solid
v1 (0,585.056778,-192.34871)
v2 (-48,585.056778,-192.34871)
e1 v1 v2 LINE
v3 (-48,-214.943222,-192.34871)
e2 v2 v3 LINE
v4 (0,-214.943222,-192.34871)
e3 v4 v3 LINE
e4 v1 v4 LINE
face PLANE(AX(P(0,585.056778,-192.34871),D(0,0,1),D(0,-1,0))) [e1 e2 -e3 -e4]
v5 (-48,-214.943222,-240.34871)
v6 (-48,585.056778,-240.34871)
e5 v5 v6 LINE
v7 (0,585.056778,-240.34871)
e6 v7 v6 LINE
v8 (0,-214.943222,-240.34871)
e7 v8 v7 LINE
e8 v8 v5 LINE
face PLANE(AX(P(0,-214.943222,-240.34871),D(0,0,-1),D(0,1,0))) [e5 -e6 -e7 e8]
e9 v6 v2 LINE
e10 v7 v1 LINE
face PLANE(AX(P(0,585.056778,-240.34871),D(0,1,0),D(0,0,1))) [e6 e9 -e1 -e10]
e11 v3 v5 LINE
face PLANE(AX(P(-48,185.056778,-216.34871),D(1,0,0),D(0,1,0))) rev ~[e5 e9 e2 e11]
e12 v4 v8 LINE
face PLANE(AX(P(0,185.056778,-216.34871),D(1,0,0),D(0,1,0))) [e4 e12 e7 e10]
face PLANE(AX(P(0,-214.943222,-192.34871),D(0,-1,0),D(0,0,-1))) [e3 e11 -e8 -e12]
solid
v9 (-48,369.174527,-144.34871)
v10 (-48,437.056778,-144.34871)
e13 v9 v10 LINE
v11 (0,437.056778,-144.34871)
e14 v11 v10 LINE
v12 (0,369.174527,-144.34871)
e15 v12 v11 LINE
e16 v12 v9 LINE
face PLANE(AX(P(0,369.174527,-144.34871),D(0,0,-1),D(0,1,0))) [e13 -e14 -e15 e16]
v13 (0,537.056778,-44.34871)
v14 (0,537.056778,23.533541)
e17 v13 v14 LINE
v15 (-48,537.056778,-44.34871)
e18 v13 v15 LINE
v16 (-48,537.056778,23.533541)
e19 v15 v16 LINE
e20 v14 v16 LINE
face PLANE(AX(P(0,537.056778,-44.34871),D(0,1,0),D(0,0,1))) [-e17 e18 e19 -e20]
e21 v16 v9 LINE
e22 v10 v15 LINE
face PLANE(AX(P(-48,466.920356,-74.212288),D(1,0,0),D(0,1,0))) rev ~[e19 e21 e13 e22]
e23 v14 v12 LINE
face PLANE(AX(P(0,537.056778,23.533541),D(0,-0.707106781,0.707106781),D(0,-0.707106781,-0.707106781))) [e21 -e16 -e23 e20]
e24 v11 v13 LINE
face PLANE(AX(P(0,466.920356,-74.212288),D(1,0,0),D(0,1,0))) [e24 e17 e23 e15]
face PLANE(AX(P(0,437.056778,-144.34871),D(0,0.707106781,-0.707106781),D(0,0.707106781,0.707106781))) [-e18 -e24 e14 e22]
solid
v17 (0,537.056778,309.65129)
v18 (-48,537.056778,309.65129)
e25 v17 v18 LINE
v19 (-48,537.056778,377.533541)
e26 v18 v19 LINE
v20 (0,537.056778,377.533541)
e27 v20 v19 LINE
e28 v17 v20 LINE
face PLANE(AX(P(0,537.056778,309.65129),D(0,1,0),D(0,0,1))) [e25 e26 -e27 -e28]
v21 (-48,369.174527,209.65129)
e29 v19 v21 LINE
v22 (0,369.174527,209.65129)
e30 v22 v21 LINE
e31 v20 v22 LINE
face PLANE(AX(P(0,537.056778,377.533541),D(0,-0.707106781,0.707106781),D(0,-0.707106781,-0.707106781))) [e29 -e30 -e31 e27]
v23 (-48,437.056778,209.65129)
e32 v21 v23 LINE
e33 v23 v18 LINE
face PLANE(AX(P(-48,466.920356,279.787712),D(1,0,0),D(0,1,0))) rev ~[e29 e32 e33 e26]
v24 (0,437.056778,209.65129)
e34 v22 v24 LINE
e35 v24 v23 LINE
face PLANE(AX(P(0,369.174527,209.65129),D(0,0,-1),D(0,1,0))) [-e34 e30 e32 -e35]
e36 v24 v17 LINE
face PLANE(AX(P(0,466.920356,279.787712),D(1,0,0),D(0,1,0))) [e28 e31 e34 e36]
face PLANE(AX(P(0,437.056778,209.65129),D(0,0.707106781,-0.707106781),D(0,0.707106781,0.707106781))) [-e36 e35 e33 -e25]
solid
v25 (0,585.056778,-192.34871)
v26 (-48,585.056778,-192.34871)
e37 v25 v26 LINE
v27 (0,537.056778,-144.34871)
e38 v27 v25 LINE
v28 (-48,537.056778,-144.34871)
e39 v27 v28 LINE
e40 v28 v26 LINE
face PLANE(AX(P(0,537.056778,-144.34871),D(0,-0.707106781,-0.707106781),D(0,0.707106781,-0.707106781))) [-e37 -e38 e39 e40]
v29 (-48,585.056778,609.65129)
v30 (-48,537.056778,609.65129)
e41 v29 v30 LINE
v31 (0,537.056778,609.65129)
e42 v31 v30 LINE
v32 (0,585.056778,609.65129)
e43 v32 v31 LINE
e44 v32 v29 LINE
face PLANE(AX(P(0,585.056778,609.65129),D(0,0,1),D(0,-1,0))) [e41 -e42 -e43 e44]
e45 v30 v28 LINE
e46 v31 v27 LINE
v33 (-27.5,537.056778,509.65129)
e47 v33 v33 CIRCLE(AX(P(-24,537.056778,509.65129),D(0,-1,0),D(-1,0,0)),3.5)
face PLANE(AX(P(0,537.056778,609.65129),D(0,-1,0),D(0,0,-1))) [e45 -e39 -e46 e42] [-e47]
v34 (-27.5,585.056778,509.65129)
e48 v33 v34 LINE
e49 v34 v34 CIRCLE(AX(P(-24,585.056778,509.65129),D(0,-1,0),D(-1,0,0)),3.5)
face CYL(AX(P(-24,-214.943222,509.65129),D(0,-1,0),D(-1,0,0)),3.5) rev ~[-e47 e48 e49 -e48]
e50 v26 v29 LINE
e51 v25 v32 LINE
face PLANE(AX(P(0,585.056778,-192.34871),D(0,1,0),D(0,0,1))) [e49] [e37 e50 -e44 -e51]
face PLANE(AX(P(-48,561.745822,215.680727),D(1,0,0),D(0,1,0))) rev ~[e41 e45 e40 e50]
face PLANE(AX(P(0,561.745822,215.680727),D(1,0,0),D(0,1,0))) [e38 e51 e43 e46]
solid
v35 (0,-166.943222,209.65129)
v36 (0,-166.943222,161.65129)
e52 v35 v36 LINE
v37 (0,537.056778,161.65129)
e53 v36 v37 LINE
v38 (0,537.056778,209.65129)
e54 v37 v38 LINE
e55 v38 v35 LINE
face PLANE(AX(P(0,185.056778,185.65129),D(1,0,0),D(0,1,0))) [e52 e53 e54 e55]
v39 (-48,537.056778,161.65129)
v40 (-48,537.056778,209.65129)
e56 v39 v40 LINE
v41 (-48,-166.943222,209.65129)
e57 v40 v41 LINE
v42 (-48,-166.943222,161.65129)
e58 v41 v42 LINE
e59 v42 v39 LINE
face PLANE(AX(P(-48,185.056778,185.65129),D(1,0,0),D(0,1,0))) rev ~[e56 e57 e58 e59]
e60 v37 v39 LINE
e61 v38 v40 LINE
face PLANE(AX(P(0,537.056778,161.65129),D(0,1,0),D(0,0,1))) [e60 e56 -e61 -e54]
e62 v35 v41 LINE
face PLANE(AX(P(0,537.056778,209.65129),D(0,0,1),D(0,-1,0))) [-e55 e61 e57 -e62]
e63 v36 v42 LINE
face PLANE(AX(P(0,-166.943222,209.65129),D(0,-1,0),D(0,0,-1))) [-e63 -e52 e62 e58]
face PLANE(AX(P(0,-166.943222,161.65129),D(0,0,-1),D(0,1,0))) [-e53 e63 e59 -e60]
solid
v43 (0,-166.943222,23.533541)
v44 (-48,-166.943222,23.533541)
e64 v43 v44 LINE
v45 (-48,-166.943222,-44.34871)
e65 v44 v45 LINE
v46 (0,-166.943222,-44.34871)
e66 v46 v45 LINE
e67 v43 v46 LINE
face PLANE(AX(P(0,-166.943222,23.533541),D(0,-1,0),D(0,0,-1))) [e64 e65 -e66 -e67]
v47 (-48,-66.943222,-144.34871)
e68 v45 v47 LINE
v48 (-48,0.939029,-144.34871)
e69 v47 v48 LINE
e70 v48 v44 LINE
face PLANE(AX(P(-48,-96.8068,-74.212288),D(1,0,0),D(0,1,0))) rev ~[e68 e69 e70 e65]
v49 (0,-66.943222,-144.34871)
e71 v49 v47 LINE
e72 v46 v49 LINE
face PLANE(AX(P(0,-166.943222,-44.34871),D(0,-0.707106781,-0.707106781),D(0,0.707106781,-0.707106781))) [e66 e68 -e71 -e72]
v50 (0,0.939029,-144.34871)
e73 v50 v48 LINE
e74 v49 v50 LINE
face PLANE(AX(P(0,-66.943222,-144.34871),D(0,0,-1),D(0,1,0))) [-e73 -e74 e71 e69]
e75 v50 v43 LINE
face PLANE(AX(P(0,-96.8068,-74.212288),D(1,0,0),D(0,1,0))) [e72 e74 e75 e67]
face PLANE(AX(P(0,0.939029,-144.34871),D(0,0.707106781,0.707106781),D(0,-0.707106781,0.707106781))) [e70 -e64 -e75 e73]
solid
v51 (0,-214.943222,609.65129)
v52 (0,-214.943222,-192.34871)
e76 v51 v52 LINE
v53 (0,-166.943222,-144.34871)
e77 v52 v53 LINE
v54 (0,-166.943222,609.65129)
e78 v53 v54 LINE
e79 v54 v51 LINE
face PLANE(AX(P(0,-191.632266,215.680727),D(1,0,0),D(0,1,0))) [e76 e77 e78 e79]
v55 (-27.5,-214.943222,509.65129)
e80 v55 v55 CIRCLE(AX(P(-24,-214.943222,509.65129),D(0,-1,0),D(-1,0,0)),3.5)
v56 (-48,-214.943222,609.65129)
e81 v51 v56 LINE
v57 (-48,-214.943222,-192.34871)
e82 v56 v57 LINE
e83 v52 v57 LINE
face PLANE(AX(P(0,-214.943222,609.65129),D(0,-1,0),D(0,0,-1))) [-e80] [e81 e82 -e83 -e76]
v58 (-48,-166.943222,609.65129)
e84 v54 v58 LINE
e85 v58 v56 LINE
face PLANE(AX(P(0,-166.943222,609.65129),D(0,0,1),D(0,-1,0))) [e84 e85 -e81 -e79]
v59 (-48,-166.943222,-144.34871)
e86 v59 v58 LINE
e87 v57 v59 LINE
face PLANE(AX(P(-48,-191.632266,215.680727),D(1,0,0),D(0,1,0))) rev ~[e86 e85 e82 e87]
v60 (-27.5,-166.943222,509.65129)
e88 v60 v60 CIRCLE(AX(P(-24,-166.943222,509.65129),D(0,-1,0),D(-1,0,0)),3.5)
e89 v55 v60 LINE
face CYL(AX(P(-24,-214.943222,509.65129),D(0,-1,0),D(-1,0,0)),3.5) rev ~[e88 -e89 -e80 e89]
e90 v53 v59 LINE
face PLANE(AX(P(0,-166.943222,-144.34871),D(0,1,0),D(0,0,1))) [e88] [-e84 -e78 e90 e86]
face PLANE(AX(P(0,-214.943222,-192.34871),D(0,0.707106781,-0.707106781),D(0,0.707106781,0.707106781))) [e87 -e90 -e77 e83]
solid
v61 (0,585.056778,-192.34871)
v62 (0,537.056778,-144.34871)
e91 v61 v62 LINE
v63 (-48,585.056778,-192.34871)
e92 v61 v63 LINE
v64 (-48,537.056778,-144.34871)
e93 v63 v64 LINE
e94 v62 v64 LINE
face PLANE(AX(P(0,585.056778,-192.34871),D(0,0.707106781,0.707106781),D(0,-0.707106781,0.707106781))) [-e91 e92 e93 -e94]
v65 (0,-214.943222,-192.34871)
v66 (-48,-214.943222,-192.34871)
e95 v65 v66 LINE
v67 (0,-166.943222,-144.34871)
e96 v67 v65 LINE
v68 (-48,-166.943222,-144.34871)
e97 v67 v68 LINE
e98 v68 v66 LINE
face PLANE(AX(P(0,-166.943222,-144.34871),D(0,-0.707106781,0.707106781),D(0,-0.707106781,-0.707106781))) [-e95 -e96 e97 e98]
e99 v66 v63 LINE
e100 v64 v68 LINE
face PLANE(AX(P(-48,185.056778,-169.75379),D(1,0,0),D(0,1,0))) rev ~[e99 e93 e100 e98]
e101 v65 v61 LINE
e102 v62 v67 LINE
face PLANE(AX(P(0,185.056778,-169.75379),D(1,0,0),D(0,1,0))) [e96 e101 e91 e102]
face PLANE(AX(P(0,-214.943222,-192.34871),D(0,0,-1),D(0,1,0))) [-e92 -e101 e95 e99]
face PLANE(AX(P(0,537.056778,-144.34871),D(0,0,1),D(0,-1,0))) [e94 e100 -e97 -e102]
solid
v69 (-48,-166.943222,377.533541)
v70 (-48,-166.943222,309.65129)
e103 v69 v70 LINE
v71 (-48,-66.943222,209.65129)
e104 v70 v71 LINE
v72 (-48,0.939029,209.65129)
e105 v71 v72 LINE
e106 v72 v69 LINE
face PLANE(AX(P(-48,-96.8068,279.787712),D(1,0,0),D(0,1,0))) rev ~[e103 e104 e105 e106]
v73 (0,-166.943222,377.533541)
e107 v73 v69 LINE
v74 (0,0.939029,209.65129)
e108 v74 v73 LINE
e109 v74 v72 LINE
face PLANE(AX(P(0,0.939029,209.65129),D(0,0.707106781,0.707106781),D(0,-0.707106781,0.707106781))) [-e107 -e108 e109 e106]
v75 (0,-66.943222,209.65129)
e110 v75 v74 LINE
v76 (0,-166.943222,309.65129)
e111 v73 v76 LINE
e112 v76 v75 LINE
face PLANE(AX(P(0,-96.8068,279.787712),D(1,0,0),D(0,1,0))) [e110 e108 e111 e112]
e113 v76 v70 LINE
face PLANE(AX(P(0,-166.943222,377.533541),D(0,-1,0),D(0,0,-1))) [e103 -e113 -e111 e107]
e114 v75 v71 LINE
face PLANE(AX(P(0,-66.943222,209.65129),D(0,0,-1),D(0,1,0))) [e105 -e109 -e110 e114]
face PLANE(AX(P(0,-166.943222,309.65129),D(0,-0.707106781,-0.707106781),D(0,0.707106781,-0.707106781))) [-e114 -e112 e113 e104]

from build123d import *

# Parameters (mm, degrees)
F1_DEPTH  = 48
F2_DEPTH  = 48
F3_DEPTH  = 48
F4_DEPTH  = 48
F5_DEPTH  = 48
F6_DEPTH  = 48
F7_DEPTH  = 48
F9_DEPTH  = 800.001
F10_DEPTH = 48
F11_DEPTH = 48


with BuildPart() as f1:
    # F0 (on Right) → F1 (new body)
    with BuildSketch(Plane.YZ):
        Polygon((537.056778, -144.34871), (585.056778, -192.34871), (585.056778, 609.65129), (537.056778, 609.65129), (537.056778, 377.533541), (537.056778, 309.65129), (537.056778, 209.65129), (537.056778, 161.65129), (537.056778, 23.533541), (537.056778, -44.34871), align=None)
    extrude(amount=-F1_DEPTH)


with BuildPart() as f2:
    # F0 (on Right) → F2 (new body)
    with BuildSketch(Plane.YZ):
        Polygon((-166.943222, 609.65129), (-214.943222, 609.65129), (-214.943222, -192.34871), (-166.943222, -144.34871), (-166.943222, -44.34871), (-166.943222, 23.533541), (-166.943222, 161.65129), (-166.943222, 209.65129), (-166.943222, 309.65129), (-166.943222, 377.533541), align=None)
    extrude(amount=-F2_DEPTH)


with BuildPart() as f3:
    # F0 (on Right) → F3 (new body)
    with BuildSketch(Plane.YZ):
        Polygon((-166.943222, 23.533541), (-166.943222, -44.34871), (-66.943222, -144.34871), (0.939029, -144.34871), align=None)
    extrude(amount=-F3_DEPTH)


with BuildPart() as f4:
    # F0 (on Right) → F4 (new body)
    with BuildSketch(Plane.YZ):
        Polygon((0.939029, 209.65129), (-166.943222, 377.533541), (-166.943222, 309.65129), (-66.943222, 209.65129), align=None)
    extrude(amount=-F4_DEPTH)


with BuildPart() as f5:
    # F0 (on Right) → F5 (new body)
    with BuildSketch(Plane.YZ):
        Polygon((537.056778, 377.533541), (369.174527, 209.65129), (437.056778, 209.65129), (537.056778, 309.65129), align=None)
    extrude(amount=-F5_DEPTH)


with BuildPart() as f6:
    # F0 (on Right) → F6 (new body)
    with BuildSketch(Plane.YZ):
        Polygon((537.056778, 23.533541), (369.174527, -144.34871), (437.056778, -144.34871), (537.056778, -44.34871), align=None)
    extrude(amount=-F6_DEPTH)


with BuildPart() as f7:
    # F0 (on Right) → F7 (new body)
    with BuildSketch(Plane.YZ):
        Polygon((369.174527, 209.65129), (0.939029, 209.65129), (-66.943222, 209.65129), (-166.943222, 209.65129), (-166.943222, 161.65129), (537.056778, 161.65129), (537.056778, 209.65129), (437.056778, 209.65129), align=None)
    extrude(amount=-F7_DEPTH)


with BuildPart() as f9_tool:
    # F8 (on face) → F9 (new body, through all)
    with BuildSketch(Plane.XZ.offset(214.943222)):
        with BuildLine():
            ThreePointArc((-20.5, 509.65129), (-24, 513.15129), (-27.5, 509.65129))
            Line((-27.5, 509.65129), (-24, 509.65129))
            Line((-24, 509.65129), (-20.5, 509.65129))
        make_face()
        with BuildLine():
            Line((-24, 509.65129), (-27.5, 509.65129))
            ThreePointArc((-27.5, 509.65129), (-24, 506.15129), (-20.5, 509.65129))
            Line((-20.5, 509.65129), (-24, 509.65129))
        make_face()
    extrude(amount=-F9_DEPTH)


with BuildPart() as f1_1:
    add(f1.part)

    # F9: cut by f9_tool
    add(f9_tool.part, mode=Mode.SUBTRACT)


with BuildPart() as f2_1:
    add(f2.part)

    # F9: cut by f9_tool
    add(f9_tool.part, mode=Mode.SUBTRACT)


with BuildPart() as f10:
    # F0 (on Right) → F10 (new body)
    with BuildSketch(Plane.YZ):
        Polygon((-166.943222, -144.34871), (-214.943222, -192.34871), (-166.943222, -192.34871), (537.056778, -192.34871), (585.056778, -192.34871), (537.056778, -144.34871), (437.056778, -144.34871), (369.174527, -144.34871), (0.939029, -144.34871), (-66.943222, -144.34871), align=None)
    extrude(amount=-F10_DEPTH)


with BuildPart() as f11:
    # F0 (on Right) → F11 (new body)
    with BuildSketch(Plane.YZ):
        Polygon((-166.943222, -192.34871), (-214.943222, -192.34871), (-214.943222, -240.34871), (585.056778, -240.34871), (585.056778, -192.34871), (537.056778, -192.34871), align=None)
    extrude(amount=-F11_DEPTH)


solid = Compound([f3.part, f4.part, f5.part, f6.part, f7.part, f1_1.part, f2_1.part, f10.part, f11.part])
